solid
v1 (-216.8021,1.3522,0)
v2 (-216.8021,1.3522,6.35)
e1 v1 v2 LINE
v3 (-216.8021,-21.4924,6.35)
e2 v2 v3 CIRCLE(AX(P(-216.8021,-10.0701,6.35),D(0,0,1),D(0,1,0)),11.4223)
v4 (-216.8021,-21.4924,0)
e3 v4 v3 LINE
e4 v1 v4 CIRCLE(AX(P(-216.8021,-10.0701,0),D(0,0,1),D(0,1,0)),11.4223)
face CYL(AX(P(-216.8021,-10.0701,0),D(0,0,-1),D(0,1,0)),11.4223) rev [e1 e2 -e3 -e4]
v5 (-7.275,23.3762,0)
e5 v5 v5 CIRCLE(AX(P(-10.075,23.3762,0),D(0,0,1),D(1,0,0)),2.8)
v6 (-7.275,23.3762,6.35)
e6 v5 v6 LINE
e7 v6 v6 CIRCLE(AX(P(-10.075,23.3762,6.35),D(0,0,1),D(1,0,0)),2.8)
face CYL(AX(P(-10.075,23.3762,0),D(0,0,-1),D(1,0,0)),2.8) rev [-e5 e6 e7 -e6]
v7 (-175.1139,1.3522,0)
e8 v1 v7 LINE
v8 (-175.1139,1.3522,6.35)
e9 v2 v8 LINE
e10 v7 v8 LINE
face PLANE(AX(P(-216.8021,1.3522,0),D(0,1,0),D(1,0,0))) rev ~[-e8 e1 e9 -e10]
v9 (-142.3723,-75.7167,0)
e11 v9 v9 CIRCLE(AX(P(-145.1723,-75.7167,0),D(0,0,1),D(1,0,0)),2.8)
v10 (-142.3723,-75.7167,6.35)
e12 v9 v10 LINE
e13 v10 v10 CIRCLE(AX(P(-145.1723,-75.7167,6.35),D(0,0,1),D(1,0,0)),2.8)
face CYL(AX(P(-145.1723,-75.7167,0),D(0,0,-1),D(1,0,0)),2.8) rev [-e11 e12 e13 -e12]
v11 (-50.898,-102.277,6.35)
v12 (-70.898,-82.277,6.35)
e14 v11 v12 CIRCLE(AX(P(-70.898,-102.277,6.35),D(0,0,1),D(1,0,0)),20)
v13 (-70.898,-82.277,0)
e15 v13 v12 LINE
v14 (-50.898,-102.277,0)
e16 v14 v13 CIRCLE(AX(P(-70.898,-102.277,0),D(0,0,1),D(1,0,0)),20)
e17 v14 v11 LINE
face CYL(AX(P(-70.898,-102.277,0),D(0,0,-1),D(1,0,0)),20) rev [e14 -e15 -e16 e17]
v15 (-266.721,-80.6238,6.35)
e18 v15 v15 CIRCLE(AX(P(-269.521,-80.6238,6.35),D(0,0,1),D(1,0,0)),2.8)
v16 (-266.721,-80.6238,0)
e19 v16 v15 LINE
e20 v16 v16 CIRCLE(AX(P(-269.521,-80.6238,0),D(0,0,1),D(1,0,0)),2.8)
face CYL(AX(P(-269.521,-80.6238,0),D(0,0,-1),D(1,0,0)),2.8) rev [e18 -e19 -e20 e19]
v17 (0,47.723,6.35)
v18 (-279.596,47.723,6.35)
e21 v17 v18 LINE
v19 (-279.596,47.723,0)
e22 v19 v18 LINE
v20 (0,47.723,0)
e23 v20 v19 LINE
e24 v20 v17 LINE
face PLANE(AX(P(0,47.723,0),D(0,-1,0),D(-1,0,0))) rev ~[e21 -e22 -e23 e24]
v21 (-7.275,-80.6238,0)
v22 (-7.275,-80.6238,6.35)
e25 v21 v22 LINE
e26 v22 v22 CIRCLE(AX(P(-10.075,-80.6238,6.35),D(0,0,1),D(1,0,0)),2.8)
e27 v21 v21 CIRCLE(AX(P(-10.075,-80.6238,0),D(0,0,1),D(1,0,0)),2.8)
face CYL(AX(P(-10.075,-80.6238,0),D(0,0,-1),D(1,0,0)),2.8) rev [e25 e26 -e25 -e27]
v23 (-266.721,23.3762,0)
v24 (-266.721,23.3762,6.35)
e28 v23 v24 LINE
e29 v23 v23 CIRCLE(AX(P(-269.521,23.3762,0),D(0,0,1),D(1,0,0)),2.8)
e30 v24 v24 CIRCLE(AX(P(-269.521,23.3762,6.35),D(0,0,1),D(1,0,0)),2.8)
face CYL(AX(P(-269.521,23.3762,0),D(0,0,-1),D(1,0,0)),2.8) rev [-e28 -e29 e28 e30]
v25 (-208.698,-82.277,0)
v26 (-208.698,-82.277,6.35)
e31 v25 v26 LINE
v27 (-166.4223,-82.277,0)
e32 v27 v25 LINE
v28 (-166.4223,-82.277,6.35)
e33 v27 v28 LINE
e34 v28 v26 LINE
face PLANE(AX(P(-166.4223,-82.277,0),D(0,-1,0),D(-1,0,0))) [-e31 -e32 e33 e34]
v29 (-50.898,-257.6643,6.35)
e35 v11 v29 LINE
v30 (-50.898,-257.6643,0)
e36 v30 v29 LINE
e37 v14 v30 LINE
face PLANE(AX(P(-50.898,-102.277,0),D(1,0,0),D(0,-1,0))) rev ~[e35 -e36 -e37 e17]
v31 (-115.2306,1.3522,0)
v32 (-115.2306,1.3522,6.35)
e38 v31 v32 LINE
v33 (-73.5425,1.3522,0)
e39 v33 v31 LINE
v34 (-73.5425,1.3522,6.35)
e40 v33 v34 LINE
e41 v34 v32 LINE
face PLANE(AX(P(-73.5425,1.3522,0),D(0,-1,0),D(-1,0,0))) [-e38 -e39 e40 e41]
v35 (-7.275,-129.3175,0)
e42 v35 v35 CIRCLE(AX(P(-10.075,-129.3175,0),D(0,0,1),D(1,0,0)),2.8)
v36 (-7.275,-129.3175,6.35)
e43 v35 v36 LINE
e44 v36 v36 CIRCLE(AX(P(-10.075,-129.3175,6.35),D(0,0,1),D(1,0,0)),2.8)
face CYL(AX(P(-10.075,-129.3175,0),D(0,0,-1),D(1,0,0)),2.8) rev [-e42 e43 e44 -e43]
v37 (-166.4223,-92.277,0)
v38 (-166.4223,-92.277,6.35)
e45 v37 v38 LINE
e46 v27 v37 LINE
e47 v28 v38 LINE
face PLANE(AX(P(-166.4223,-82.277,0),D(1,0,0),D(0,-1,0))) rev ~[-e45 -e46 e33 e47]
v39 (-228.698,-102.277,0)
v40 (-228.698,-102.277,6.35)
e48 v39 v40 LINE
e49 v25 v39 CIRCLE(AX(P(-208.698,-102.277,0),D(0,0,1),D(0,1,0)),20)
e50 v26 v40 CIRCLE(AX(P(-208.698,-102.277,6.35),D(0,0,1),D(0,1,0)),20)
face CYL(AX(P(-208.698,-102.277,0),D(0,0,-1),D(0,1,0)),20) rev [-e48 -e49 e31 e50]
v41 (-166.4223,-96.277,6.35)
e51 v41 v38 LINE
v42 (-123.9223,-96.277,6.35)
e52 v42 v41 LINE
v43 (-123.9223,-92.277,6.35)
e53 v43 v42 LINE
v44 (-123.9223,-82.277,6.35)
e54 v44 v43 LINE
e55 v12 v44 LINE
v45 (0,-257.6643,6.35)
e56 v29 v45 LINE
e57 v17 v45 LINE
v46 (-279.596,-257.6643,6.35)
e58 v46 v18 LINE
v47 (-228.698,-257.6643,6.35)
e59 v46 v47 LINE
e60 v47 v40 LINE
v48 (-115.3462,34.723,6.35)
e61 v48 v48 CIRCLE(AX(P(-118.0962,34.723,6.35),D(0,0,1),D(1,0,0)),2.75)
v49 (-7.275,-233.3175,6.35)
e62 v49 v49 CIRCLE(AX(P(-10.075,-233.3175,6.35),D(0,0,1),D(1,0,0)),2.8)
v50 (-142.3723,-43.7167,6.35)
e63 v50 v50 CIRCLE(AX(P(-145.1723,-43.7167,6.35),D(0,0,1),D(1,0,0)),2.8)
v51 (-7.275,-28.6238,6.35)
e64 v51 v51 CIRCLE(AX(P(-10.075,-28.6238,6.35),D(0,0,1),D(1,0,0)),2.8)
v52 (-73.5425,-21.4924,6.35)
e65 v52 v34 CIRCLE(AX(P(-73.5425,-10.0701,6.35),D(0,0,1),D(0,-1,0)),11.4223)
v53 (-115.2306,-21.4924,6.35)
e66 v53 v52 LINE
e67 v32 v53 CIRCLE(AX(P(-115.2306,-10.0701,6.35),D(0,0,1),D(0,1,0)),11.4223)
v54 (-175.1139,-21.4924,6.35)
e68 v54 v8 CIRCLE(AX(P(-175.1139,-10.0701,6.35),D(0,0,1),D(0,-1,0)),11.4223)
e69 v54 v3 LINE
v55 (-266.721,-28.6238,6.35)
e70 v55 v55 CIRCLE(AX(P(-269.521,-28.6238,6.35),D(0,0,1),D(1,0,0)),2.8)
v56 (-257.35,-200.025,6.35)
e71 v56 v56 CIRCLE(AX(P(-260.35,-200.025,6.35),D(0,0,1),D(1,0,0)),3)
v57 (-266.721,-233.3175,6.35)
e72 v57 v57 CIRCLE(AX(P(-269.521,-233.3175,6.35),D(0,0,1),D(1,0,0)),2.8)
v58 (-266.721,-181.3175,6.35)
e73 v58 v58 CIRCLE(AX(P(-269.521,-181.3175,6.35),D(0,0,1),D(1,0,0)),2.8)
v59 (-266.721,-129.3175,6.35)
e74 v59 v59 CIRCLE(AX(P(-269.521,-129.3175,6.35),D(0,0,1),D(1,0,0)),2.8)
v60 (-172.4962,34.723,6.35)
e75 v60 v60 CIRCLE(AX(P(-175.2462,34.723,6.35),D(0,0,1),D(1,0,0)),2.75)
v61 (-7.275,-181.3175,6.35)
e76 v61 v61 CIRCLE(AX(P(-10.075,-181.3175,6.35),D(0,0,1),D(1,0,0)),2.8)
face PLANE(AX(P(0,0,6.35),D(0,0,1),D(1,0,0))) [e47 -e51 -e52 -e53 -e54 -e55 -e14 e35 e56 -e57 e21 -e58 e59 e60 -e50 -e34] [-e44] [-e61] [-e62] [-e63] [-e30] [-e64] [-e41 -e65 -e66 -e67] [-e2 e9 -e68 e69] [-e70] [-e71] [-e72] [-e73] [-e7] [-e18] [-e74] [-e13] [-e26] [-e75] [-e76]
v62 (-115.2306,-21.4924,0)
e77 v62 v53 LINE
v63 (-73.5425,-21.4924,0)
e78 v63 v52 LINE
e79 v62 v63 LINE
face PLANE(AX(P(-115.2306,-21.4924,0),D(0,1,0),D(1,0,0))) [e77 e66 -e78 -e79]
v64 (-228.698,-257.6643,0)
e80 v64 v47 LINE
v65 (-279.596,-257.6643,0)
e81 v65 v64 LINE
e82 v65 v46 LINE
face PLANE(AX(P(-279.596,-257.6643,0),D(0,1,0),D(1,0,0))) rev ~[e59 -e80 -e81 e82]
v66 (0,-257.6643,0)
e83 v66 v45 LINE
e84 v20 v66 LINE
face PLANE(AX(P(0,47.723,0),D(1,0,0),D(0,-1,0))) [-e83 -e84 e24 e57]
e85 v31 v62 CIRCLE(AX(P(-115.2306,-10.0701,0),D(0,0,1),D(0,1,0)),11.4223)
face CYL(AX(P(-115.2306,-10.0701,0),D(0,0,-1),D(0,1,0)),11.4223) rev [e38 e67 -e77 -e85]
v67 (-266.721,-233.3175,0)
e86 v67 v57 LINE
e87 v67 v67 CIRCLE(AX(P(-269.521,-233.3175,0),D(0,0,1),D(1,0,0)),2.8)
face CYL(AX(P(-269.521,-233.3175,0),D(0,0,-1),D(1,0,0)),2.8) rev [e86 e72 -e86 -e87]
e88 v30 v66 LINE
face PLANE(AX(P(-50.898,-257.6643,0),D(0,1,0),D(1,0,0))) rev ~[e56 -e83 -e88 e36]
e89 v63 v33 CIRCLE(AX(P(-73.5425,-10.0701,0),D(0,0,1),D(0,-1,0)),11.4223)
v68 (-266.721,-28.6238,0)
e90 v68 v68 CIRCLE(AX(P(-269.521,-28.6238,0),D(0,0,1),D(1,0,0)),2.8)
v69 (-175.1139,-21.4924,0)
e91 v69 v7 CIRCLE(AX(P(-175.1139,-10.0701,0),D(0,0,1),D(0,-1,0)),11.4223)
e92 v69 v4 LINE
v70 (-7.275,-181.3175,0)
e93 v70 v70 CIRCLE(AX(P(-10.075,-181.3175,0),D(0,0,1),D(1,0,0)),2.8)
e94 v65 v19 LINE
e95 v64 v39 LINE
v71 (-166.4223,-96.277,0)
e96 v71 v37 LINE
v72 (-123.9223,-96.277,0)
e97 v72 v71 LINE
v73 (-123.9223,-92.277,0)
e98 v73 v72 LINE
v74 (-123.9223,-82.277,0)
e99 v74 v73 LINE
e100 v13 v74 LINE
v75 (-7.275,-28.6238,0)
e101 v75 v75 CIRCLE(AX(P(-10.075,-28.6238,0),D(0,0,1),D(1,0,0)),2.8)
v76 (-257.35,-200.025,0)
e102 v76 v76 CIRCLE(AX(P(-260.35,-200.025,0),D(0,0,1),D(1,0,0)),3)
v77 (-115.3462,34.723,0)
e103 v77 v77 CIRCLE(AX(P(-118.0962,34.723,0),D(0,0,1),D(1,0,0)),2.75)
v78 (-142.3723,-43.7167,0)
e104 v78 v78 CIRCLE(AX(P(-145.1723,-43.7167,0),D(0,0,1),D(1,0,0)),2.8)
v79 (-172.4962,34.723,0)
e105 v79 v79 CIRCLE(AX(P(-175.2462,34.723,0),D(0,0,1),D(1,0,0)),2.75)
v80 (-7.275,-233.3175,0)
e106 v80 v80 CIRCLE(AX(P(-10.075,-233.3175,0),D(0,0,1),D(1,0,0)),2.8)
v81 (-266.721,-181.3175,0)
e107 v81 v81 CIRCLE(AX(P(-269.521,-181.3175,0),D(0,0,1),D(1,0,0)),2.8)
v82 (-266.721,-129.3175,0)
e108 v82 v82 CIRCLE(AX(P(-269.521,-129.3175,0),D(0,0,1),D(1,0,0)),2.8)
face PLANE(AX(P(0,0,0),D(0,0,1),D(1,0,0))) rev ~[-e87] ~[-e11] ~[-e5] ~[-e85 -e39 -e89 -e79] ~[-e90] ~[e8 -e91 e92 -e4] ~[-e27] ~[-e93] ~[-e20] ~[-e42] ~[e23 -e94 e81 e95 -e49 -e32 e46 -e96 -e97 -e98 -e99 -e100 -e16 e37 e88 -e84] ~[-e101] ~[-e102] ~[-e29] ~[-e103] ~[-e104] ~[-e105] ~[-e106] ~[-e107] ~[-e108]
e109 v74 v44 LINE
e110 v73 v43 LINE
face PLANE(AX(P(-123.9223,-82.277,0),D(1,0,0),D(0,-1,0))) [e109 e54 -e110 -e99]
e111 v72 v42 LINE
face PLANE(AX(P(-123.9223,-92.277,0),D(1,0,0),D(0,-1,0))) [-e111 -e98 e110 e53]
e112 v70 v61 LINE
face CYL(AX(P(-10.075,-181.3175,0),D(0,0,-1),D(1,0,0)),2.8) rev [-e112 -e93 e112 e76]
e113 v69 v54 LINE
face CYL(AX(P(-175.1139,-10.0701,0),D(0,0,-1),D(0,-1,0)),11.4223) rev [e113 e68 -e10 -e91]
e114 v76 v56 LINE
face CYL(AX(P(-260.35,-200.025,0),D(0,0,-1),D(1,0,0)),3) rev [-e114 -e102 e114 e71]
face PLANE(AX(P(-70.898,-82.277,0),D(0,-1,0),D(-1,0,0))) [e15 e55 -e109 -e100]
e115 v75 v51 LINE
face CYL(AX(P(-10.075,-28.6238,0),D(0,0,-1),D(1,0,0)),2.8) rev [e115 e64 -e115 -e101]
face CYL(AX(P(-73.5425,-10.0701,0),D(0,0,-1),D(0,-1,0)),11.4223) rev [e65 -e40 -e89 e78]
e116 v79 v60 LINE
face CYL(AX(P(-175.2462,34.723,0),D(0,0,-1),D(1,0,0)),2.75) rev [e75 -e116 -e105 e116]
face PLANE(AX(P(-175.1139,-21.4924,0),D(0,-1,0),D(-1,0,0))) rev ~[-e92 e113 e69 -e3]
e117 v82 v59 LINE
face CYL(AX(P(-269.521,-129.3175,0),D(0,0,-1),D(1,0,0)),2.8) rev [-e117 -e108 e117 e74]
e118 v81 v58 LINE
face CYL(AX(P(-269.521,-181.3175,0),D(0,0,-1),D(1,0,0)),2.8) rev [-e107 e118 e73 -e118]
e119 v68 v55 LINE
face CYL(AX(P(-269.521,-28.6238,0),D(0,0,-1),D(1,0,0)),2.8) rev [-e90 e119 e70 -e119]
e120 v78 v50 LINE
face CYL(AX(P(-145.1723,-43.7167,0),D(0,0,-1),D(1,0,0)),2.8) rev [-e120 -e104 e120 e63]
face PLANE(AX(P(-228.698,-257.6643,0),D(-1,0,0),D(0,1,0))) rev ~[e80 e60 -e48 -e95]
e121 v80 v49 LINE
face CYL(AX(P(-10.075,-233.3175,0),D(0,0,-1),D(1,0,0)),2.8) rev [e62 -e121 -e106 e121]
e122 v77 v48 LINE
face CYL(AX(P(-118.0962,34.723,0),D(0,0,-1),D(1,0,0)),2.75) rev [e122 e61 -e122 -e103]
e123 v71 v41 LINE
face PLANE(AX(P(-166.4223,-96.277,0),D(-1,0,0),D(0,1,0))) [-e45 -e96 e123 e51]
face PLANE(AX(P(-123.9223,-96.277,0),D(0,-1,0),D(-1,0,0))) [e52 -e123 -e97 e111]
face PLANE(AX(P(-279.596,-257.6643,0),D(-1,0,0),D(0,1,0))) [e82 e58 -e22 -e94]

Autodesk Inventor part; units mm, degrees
ref_plane "YZ Plane" through (0, 0, 0) normal (1, 0, 0) x (0, 1, 0)
ref_plane "XZ Plane" through (0, 0, 0) normal (0, 1, 0) x (-1, 0, 0)
ref_plane "XY Plane" through (0, 0, 0) normal (0, 0, 1) x (1, 0, 0)
sketch "Sketch1" plane through (0, 0, 0) normal (0, 0, 1) x (1, 0, 0)
  circle A0 centre (-10.075, 23.3762) radius 2.8
  circle A1 centre (-10.075, -28.6238) radius 2.8
  circle A2 centre (-10.075, -80.6238) radius 2.8
  circle A3 centre (-10.075, -129.3175) radius 2.8
  circle A4 centre (-10.075, -181.3175) radius 2.8
  circle A5 centre (-10.075, -233.3175) radius 2.8
  circle A6 centre (-269.521, -233.3175) radius 2.8
  circle A7 centre (-269.521, -181.3175) radius 2.8
  circle A8 centre (-269.521, -129.3175) radius 2.8
  circle A9 centre (-269.521, -80.6238) radius 2.8
  circle A10 centre (-269.521, -28.6238) radius 2.8
  circle A11 centre (-269.521, 23.3762) radius 2.8
  line L0 (-279.596, -257.6643) -> (-279.596, 47.723)
  line L1 (0, 47.723) -> (0, -257.6643)
  line L2 (-50.898, -102.277) -> (-50.898, -257.6643)
  line L3 (-228.698, -257.6643) -> (-228.698, -102.277)
  line L4 (0, 47.723) -> (-279.596, 47.723)
  line L5 (-279.596, -257.6643) -> (-228.698, -257.6643)
  line L6 (-50.898, -257.6643) -> (0, -257.6643)
  circle A12 centre (-145.1723, -43.7167) radius 2.8
  circle A13 centre (-175.2462, 34.723) radius 2.75
  circle A14 centre (-118.0962, 34.723) radius 2.75
  circle A15 centre (-260.35, -200.025) radius 3
  line L7 (-123.9223, -92.277) -> (-123.9223, -96.277)
  line L8 (-166.4223, -96.277) -> (-166.4223, -92.277)
  circle A16 centre (-145.1723, -75.7167) radius 2.8
  line L9 (-145.1723, -75.7167) -> (-145.1723, -72.9167) construction
  line L10 (-145.1723, -46.5167) -> (-145.1723, 47.723) construction
  line L11 (-123.9223, -82.277) -> (-123.9223, -92.277)
  line L12 (-166.4223, -82.277) -> (-166.4223, -92.277)
  line L13 (-70.898, -82.277) -> (-123.9223, -82.277)
  line L14 (-166.4223, -82.277) -> (-208.698, -82.277)
  line L15 (-123.9223, -96.277) -> (-166.4223, -96.277)
  line L16 (-73.5425, -10.0701) -> (-115.2306, -10.0701) construction
  line L17 (-73.5425, 1.3522) -> (-115.2306, 1.3522)
  line L18 (-115.2306, -21.4924) -> (-73.5425, -21.4924)
  arc A17 (-73.5425, -21.4924) -> (-73.5425, 1.3522) centre (-73.5425, -10.0701) ccw
  arc A18 (-115.2306, 1.3522) -> (-115.2306, -21.4924) centre (-115.2306, -10.0701) ccw
  line L19 (-216.8021, -10.0701) -> (-175.1139, -10.0701) construction
  line L20 (-216.8021, 1.3522) -> (-175.1139, 1.3522)
  line L21 (-175.1139, -21.4924) -> (-216.8021, -21.4924)
  arc A19 (-216.8021, 1.3522) -> (-216.8021, -21.4924) centre (-216.8021, -10.0701) ccw
  arc A20 (-175.1139, -21.4924) -> (-175.1139, 1.3522) centre (-175.1139, -10.0701) ccw
  arc A21 (-50.898, -102.277) -> (-70.898, -82.277) centre (-70.898, -102.277) ccw
  arc A22 (-208.698, -82.277) -> (-228.698, -102.277) centre (-208.698, -102.277) ccw
  point P0 (-50.898, -82.277)
  point P1 (-228.698, -82.277)
  point P2 (-94.3865, -10.0701)
  point P3 (-195.958, -10.0701)
  dimension "d12" = 5.6
  dimension "d13" = 5.6
  dimension "d2" = 305.3873
  dimension "d3" = 279.596
  dimension "d7" = 5.5
  dimension "d14" = 32
  dimension "d16" = 94.2398
  dimension "d22" = 20
extrude "Extrusion1" add sketch "Sketch1" along normal blind 6.35
properties part number "Mech Chassis v7 deckipt" material "Polycarbonate, Clear"
